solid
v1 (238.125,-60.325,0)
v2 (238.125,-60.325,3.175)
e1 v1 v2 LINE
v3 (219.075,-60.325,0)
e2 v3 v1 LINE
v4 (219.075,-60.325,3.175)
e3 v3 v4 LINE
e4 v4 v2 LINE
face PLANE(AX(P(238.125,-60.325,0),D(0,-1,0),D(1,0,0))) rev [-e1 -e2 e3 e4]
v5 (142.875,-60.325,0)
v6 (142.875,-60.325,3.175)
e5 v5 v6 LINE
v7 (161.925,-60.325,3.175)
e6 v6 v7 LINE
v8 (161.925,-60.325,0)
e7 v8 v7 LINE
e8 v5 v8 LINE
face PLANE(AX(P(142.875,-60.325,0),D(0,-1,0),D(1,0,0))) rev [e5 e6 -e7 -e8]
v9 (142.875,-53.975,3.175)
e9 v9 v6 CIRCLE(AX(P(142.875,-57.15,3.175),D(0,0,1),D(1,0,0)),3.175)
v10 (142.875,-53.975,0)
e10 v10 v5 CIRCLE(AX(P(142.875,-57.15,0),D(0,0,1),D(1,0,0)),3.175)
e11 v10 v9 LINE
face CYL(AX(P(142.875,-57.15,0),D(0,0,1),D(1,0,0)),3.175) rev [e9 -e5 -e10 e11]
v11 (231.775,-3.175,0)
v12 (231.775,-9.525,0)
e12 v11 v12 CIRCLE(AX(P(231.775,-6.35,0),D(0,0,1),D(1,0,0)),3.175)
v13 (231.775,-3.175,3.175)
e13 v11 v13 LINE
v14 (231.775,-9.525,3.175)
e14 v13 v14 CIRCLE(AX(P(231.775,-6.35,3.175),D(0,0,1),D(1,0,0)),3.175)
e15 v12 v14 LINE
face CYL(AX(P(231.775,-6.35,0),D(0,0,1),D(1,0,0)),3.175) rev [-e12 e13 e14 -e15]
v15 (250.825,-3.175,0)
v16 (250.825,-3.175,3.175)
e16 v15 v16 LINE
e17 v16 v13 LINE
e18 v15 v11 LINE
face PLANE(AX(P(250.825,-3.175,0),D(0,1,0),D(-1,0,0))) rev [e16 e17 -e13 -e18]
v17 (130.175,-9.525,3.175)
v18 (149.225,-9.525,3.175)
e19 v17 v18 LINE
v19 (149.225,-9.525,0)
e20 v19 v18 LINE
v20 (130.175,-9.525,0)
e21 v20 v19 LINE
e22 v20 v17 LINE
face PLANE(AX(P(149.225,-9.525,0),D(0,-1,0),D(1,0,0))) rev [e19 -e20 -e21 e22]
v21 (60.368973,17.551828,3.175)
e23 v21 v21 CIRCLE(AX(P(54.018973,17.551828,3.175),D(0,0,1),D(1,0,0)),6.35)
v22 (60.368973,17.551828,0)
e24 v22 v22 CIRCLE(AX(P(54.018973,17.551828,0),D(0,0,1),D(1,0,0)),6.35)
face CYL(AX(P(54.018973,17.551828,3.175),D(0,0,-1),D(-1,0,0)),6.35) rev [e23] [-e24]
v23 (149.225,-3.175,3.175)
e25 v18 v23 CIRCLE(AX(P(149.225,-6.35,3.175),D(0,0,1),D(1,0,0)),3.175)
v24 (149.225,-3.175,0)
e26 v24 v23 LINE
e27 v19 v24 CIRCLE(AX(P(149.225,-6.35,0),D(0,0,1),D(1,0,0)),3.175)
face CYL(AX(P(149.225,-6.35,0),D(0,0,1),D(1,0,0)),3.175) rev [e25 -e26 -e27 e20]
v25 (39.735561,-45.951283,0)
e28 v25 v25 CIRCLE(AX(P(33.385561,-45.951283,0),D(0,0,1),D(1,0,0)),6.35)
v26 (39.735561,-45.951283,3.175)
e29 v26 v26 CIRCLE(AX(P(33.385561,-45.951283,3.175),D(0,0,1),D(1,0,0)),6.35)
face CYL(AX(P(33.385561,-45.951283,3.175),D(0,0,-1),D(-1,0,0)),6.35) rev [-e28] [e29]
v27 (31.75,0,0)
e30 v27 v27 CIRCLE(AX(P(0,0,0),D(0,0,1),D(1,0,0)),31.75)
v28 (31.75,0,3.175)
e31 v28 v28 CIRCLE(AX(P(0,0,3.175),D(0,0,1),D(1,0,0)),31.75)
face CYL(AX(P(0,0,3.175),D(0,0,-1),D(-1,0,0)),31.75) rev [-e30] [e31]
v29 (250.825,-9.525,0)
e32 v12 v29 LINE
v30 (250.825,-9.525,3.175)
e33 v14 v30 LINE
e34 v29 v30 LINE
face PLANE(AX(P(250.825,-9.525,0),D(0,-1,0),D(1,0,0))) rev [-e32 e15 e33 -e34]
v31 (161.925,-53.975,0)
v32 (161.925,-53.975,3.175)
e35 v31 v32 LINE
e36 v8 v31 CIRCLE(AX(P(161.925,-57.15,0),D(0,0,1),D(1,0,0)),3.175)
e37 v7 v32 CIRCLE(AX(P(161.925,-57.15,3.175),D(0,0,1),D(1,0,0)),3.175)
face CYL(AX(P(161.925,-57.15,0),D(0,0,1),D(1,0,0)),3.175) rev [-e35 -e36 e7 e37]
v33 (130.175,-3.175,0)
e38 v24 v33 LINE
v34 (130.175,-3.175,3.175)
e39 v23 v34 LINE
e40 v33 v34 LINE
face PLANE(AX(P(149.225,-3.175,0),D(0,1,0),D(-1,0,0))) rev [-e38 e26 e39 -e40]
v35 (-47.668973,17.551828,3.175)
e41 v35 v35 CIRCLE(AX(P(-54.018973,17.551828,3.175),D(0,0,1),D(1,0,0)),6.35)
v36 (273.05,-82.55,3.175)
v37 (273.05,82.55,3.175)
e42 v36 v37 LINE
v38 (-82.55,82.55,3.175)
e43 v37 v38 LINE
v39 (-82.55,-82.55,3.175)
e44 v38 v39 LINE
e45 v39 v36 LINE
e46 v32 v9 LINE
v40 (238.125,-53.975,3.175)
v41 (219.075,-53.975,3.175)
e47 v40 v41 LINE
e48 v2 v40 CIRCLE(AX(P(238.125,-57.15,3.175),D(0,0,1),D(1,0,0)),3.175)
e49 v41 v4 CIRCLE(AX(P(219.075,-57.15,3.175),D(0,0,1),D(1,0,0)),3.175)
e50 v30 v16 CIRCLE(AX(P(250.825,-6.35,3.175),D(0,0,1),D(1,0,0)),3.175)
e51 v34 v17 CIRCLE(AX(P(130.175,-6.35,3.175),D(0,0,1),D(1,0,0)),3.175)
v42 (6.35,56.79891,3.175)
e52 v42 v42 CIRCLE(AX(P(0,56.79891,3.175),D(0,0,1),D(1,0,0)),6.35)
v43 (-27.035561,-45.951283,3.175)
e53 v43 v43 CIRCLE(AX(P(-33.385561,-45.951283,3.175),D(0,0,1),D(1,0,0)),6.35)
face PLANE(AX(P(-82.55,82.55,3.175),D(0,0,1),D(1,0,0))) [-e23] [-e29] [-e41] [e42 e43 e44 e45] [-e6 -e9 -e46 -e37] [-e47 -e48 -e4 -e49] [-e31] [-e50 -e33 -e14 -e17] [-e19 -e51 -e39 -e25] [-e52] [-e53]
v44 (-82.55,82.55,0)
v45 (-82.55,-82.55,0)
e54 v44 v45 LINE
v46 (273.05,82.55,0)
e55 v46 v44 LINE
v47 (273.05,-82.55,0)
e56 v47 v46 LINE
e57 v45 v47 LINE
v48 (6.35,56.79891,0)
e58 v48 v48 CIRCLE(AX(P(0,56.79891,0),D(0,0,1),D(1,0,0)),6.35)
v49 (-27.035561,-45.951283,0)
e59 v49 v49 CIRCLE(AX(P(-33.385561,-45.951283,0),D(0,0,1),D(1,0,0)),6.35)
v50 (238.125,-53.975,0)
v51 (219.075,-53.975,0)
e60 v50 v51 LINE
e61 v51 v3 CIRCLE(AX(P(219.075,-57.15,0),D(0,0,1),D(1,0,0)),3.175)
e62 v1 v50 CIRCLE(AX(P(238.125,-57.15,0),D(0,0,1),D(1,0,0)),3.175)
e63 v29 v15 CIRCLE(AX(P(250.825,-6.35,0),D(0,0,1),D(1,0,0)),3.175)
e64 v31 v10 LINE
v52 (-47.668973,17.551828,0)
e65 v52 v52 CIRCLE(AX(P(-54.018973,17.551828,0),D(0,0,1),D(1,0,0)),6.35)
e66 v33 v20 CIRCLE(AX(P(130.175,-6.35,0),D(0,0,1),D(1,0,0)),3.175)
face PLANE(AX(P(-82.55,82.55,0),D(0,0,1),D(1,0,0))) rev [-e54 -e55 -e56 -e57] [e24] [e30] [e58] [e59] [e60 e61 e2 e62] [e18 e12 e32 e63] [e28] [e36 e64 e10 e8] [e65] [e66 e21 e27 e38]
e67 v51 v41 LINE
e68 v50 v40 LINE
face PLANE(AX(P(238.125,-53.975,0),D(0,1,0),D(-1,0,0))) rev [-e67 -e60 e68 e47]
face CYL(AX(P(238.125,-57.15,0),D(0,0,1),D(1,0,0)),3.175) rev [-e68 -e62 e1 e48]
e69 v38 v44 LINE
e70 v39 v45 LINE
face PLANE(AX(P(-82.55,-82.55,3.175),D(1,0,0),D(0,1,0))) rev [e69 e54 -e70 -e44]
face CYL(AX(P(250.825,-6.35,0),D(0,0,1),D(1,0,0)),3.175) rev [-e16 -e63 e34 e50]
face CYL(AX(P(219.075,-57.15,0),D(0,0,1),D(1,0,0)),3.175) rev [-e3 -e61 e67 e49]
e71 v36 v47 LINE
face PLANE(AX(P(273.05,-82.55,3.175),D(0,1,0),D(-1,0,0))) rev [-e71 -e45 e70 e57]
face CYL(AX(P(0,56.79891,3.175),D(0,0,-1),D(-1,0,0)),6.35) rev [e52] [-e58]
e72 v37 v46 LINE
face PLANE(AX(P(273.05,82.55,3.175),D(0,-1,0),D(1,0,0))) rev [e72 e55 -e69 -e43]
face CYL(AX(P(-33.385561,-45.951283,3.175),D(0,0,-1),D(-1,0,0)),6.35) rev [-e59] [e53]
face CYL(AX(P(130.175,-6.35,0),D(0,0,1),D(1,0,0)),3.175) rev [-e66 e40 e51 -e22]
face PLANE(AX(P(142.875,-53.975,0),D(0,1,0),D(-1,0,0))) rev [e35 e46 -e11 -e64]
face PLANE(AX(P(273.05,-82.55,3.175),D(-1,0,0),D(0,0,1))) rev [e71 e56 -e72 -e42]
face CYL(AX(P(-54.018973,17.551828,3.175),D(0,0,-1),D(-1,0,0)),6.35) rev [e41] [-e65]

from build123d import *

# Parameters (mm, degrees)
SKETCH2_W           = 355.6
SKETCH2_H           = 165.1
SKETCH2_R           = 31.75
SKETCH2_R_2         = 6.35
BOSS_EXTRUDE1_DEPTH = 3.175
CUT_EXTRUDE1_DEPTH  = 4.175


with BuildPart() as part:
    # Sketch2 → Boss-Extrude1 (new body)
    with BuildSketch(Plane.XY):
        with Locations((95.25, 0)):
            Rectangle(SKETCH2_W, SKETCH2_H)
        Circle(SKETCH2_R, mode=Mode.SUBTRACT)
        with Locations((-54.018973032, 17.551828308)):
            Circle(SKETCH2_R_2, mode=Mode.SUBTRACT)
        with Locations((0, 56.798909535)):
            Circle(SKETCH2_R_2, mode=Mode.SUBTRACT)
        with Locations((54.018973032, 17.551828308)):
            Circle(SKETCH2_R_2, mode=Mode.SUBTRACT)
        with Locations((33.385561371, -45.951283076)):
            Circle(SKETCH2_R_2, mode=Mode.SUBTRACT)
        with Locations((-33.385561371, -45.951283076)):
            Circle(SKETCH2_R_2, mode=Mode.SUBTRACT)
    extrude(amount=BOSS_EXTRUDE1_DEPTH)

    # Sketch3 → Cut-Extrude1 (cut, through all)
    with BuildSketch(Plane.XY.offset(3.175)):
        with BuildLine():
            Line((149.225, -9.525), (130.175, -9.525))
            ThreePointArc((130.175, -9.525), (127, -6.35), (130.175, -3.175))
            Line((130.175, -3.175), (149.225, -3.175))
            ThreePointArc((149.225, -3.175), (152.4, -6.35), (149.225, -9.525))
        make_face()
        with BuildLine():
            Line((250.825, -9.525), (231.775, -9.525))
            ThreePointArc((231.775, -9.525), (228.6, -6.35), (231.775, -3.175))
            Line((231.775, -3.175), (250.825, -3.175))
            ThreePointArc((250.825, -3.175), (254, -6.35), (250.825, -9.525))
        make_face()
        with BuildLine():
            Line((238.125, -60.325), (219.075, -60.325))
            ThreePointArc((219.075, -60.325), (215.9, -57.15), (219.075, -53.975))
            Line((219.075, -53.975), (238.125, -53.975))
            ThreePointArc((238.125, -53.975), (241.3, -57.15), (238.125, -60.325))
        make_face()
        with BuildLine():
            Line((142.875, -53.975), (161.925, -53.975))
            ThreePointArc((161.925, -53.975), (165.1, -57.15), (161.925, -60.325))
            Line((161.925, -60.325), (142.875, -60.325))
            ThreePointArc((142.875, -60.325), (139.7, -57.15), (142.875, -53.975))
        make_face()
    extrude(amount=-CUT_EXTRUDE1_DEPTH, mode=Mode.SUBTRACT)


solid = part.part
